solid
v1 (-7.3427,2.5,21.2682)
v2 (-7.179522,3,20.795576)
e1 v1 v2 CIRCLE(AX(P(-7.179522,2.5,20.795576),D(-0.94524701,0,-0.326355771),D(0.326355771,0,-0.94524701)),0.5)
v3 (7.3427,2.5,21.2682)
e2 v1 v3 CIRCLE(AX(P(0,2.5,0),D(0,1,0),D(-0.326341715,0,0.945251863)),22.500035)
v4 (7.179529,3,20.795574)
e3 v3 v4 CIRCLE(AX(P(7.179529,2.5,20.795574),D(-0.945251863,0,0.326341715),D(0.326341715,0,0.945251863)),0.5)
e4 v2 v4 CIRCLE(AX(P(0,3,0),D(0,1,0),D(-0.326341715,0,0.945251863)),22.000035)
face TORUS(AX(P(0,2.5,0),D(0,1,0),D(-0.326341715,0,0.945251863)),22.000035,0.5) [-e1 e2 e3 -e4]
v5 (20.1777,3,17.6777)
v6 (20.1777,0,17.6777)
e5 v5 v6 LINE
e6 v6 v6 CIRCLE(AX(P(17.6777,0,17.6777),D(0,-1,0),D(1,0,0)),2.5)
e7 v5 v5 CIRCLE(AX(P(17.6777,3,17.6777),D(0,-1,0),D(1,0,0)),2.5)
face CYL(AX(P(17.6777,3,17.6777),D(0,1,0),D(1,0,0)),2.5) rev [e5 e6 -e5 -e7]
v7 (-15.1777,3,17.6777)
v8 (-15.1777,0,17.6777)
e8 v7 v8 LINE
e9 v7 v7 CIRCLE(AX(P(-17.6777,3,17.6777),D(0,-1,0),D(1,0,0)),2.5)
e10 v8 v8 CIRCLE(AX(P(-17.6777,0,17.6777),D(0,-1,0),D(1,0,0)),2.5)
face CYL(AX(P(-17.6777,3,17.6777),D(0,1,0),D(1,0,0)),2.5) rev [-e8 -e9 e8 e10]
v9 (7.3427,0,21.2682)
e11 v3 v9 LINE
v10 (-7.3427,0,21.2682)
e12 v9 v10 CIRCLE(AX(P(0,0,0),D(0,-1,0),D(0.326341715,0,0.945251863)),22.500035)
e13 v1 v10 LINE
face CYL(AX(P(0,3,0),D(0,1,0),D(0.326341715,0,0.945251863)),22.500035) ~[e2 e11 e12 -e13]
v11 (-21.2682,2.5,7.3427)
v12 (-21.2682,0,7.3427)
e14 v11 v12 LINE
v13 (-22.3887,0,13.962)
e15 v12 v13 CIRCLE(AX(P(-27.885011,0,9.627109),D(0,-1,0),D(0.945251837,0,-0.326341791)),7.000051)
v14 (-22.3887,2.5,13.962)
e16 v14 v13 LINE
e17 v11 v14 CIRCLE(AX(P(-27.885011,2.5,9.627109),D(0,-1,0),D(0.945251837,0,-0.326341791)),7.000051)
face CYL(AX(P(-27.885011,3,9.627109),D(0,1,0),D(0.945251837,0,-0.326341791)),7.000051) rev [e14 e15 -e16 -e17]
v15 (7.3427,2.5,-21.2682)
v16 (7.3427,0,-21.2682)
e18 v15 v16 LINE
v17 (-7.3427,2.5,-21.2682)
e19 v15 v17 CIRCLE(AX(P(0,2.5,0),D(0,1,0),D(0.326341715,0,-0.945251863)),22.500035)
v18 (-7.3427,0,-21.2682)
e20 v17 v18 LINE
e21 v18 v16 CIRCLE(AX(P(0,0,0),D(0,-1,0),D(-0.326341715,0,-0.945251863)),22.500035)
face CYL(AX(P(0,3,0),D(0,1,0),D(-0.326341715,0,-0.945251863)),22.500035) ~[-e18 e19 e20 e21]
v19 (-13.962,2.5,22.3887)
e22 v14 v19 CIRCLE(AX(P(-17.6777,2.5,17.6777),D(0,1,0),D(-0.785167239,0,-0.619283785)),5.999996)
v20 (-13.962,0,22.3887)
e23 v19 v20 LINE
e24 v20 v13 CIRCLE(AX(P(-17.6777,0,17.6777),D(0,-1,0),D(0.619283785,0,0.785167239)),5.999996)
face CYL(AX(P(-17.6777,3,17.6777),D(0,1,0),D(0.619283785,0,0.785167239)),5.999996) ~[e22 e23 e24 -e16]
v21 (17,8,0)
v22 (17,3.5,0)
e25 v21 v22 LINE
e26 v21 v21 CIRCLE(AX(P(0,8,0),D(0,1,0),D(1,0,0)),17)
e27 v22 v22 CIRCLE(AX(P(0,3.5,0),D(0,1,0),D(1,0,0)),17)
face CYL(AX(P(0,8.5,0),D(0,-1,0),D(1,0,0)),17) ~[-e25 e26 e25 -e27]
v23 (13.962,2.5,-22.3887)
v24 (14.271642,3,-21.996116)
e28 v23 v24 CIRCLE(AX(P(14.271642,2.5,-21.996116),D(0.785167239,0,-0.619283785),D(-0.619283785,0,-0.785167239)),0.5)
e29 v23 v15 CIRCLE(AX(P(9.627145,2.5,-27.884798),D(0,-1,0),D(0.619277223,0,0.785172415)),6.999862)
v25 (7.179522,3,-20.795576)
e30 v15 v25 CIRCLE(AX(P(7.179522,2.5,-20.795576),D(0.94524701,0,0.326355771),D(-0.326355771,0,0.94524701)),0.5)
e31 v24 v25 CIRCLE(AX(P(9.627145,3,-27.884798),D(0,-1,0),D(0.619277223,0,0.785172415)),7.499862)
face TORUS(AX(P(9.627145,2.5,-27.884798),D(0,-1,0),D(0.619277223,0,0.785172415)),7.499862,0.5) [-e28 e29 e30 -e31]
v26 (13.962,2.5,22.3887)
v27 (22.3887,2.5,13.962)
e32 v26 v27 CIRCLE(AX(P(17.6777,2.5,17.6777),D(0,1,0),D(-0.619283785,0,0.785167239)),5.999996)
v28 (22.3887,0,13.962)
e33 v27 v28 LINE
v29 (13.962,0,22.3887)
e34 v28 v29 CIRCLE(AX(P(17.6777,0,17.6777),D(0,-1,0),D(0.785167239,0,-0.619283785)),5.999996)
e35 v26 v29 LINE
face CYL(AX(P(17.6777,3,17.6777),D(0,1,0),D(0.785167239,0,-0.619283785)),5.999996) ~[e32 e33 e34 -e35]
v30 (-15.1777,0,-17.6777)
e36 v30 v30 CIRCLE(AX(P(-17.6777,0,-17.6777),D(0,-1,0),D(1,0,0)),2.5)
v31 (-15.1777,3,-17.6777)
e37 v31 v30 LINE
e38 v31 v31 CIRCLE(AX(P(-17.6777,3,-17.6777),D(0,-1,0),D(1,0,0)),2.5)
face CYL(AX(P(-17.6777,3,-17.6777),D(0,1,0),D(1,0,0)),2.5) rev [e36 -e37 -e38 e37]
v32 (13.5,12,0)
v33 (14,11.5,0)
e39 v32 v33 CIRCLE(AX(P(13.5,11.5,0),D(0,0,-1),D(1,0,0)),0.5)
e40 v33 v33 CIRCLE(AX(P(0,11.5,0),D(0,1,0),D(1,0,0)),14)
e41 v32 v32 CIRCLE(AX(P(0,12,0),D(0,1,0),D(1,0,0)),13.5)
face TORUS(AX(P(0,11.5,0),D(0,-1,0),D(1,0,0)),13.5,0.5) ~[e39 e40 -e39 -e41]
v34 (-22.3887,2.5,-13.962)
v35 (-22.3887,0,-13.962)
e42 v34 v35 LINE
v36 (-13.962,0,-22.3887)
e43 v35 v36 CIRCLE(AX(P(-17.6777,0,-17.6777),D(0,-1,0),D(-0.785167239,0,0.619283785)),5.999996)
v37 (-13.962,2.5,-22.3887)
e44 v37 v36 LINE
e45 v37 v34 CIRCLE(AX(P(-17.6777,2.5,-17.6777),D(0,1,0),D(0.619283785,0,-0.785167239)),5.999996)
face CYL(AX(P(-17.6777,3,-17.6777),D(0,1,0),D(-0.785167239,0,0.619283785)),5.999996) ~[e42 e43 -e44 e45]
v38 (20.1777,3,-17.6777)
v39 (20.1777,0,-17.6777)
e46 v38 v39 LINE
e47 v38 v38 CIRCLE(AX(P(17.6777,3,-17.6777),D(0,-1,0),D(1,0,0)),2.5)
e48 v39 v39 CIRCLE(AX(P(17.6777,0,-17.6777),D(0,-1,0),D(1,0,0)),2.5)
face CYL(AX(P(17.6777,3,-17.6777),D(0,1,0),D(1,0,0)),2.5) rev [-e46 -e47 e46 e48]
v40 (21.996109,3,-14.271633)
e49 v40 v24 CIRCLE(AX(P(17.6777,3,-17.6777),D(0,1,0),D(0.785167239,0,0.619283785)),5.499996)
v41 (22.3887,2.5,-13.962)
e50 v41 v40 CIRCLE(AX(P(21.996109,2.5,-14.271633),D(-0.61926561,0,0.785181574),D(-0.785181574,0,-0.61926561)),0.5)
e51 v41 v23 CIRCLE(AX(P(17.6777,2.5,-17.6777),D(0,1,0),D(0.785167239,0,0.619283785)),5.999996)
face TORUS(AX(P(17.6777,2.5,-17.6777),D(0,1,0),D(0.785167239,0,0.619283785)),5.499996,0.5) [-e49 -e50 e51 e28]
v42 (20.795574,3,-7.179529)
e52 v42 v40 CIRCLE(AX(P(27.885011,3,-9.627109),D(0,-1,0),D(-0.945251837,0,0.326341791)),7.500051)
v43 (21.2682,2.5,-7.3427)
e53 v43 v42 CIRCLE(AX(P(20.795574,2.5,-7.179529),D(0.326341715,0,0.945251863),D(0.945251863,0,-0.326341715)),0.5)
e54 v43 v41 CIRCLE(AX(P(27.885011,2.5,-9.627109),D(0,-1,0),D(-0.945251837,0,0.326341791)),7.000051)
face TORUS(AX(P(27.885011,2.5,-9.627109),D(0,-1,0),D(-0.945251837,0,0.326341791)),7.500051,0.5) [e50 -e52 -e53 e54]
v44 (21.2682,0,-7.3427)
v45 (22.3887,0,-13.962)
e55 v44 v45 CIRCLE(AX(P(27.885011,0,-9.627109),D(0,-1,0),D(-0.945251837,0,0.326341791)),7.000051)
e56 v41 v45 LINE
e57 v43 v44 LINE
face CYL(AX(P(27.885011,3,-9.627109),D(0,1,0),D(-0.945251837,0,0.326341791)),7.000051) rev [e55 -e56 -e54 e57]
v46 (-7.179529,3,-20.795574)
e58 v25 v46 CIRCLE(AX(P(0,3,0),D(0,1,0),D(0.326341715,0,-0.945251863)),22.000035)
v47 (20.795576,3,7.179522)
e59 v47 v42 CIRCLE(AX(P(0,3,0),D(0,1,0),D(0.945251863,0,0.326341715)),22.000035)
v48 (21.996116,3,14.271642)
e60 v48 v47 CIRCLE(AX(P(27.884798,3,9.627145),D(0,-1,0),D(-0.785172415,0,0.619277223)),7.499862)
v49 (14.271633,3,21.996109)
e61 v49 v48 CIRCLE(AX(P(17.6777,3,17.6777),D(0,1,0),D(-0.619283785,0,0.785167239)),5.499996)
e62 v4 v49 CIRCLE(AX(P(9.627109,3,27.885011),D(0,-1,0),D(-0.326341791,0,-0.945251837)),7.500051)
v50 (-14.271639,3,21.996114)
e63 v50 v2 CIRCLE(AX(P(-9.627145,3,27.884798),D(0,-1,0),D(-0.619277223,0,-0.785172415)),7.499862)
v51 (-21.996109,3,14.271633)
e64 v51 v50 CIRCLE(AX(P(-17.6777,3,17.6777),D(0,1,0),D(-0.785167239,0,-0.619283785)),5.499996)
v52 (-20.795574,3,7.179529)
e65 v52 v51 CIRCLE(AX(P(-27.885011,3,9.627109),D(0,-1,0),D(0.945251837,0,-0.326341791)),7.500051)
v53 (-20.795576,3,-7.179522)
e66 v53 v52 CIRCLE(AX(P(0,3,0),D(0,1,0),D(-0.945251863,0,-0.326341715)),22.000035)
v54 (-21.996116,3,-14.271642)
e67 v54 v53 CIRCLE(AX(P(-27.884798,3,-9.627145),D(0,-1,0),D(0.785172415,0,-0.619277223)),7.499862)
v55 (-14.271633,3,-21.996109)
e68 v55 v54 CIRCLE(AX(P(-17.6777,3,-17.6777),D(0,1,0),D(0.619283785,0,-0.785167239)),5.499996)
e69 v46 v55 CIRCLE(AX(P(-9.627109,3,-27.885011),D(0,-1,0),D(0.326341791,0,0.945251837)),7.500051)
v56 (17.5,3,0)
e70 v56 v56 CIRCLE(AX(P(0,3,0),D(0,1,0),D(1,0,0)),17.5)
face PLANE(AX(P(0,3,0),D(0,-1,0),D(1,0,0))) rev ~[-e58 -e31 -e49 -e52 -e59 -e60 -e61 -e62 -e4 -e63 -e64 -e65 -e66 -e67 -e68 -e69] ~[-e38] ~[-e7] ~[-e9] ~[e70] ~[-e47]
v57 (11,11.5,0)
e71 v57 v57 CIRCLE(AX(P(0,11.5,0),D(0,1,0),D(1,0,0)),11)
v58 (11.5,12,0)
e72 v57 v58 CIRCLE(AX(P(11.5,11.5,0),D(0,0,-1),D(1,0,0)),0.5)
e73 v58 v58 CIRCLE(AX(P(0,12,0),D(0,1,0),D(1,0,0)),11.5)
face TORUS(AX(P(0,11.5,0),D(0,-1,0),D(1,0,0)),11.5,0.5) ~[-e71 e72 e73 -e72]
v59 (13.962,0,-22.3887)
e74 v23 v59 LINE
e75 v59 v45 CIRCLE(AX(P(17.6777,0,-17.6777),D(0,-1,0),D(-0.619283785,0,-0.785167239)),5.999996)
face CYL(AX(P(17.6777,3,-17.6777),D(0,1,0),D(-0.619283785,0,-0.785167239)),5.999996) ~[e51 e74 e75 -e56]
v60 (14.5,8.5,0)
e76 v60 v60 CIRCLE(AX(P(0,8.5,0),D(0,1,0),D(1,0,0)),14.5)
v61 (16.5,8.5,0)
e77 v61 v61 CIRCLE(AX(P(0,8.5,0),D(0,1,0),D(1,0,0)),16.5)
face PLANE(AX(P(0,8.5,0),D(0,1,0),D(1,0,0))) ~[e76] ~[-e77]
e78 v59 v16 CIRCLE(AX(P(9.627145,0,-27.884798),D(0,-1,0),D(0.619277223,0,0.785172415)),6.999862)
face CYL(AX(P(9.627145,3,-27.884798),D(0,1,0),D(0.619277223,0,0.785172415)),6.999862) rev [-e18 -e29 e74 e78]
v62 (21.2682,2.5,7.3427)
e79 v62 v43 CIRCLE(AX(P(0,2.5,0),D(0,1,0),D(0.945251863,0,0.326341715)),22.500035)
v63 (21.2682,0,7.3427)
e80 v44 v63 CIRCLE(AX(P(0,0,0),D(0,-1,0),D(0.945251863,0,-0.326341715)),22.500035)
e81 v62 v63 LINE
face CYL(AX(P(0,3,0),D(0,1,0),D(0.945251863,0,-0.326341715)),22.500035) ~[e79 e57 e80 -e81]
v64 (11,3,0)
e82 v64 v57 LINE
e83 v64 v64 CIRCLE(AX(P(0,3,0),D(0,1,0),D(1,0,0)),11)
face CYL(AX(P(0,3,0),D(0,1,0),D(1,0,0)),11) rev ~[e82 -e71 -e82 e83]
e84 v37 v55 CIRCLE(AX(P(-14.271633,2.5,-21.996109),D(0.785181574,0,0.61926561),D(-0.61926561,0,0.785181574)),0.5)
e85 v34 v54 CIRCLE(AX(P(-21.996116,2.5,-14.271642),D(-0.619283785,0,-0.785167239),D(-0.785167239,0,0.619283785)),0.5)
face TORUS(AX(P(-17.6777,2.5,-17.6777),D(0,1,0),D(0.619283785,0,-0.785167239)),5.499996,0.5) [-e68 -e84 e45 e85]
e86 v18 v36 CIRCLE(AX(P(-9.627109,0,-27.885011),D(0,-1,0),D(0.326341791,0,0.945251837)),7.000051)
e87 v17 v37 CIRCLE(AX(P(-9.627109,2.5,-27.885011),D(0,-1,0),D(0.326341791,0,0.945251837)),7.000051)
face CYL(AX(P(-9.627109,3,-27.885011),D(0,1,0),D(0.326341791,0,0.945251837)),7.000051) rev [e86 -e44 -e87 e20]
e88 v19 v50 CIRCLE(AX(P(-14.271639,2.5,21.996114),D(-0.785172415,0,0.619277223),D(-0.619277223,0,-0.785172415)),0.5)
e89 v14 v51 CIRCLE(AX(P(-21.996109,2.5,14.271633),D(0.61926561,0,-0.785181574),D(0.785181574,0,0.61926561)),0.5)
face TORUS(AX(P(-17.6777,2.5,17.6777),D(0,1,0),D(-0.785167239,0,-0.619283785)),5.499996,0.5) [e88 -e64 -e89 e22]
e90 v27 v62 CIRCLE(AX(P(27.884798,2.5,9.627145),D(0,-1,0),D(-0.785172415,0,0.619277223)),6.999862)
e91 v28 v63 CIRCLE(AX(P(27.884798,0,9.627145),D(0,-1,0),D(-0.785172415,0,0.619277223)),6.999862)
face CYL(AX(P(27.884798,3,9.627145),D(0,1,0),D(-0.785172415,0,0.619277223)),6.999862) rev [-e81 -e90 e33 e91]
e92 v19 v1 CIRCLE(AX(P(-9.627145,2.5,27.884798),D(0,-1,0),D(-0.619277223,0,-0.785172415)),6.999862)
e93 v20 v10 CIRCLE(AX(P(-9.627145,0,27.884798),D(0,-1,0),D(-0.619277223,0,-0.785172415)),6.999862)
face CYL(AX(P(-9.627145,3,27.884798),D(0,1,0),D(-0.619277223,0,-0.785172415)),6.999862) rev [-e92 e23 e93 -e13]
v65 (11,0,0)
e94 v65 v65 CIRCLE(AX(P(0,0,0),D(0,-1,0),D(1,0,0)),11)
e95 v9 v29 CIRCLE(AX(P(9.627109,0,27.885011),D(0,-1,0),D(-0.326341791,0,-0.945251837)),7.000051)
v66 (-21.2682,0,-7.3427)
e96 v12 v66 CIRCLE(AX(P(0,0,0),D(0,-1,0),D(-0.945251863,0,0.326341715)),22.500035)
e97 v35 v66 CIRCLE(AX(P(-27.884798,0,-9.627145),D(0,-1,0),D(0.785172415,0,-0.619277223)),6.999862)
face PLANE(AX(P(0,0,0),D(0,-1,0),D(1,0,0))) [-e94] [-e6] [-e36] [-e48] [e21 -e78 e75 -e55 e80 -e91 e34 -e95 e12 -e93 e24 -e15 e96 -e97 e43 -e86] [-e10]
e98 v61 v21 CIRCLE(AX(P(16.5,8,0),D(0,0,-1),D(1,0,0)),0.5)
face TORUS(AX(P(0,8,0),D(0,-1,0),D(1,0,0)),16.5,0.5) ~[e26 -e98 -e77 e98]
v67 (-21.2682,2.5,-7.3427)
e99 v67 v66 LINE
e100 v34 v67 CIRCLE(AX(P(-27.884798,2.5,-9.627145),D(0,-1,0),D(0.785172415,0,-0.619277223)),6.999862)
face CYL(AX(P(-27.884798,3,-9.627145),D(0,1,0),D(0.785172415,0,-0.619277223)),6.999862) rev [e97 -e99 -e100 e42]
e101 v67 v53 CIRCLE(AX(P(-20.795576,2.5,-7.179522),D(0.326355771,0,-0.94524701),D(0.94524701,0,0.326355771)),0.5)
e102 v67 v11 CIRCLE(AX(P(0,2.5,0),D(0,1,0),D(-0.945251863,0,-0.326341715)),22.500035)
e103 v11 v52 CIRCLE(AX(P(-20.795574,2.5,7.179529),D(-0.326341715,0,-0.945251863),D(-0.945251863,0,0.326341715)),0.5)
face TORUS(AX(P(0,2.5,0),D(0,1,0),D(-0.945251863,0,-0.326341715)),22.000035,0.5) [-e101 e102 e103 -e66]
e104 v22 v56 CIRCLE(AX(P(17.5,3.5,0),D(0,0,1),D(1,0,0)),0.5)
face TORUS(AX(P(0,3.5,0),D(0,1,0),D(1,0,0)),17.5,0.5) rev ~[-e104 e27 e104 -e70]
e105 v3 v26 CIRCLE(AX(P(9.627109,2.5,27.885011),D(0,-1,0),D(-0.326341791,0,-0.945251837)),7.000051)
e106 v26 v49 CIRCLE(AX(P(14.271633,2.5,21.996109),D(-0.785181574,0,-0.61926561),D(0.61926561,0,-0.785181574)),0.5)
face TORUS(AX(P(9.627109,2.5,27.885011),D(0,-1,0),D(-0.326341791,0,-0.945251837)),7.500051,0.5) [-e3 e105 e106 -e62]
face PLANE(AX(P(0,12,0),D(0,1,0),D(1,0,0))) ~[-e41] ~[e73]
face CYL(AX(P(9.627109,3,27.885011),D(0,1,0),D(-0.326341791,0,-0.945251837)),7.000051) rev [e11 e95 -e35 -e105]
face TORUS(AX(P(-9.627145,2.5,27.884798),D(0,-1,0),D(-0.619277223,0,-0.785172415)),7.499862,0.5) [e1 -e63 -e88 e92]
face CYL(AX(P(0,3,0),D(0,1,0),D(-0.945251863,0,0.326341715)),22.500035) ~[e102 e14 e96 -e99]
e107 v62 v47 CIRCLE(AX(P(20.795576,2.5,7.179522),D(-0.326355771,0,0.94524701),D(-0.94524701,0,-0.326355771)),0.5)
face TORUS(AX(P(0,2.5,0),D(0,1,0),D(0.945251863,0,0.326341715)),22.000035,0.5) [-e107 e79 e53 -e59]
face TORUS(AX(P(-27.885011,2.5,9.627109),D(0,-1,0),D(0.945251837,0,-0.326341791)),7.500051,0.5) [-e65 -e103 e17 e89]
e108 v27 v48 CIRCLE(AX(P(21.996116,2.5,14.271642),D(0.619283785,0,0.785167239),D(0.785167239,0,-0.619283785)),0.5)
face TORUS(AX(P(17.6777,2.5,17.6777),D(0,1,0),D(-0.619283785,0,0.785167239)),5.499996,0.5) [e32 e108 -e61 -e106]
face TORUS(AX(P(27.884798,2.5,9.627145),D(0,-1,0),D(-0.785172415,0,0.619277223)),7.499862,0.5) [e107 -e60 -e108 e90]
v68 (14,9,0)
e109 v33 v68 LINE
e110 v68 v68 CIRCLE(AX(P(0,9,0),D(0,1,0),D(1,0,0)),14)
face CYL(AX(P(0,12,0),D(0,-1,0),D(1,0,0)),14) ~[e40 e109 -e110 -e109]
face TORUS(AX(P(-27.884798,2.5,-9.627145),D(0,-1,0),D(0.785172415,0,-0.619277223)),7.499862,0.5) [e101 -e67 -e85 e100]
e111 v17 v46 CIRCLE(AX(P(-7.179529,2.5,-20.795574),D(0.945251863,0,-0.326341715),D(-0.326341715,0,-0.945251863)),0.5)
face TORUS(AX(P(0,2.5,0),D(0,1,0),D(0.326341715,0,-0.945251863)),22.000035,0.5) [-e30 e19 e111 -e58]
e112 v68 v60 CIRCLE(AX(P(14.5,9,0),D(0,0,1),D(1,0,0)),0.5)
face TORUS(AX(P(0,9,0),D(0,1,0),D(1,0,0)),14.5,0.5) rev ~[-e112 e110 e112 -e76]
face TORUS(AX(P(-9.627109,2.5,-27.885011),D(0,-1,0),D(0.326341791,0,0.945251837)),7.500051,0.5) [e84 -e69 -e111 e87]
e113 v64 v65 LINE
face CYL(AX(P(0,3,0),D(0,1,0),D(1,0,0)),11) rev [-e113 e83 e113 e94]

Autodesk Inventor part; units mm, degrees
ref_plane "YZ Plane" through (0, 0, 0) normal (1, 0, 0) x (0, 1, 0)
ref_plane "XZ Plane" through (0, 0, 0) normal (0, 1, 0) x (-1, 0, 0)
ref_plane "XY Plane" through (0, 0, 0) normal (0, 0, 1) x (1, 0, 0)
sketch "Sketch1" plane through (0, 0, 0) normal (0, 0, 1) x (1, 0, 0)
  line L0 (0, 0) -> (0, 12) construction
  line L1 (11, 3) -> (11, 12)
  line L2 (11, 12) -> (14, 12)
  line L3 (14, 12) -> (14, 8.5)
  line L4 (14, 8.5) -> (17, 8.5)
  line L5 (17, 8.5) -> (17, 3)
  line L6 (11, 3) -> (17, 3)
  dimension "d0" = 22
  dimension "d1" = 28
  dimension "d2" = 3.5
  dimension "d3" = 34
  dimension "d4" = 5.5
  dimension "d5" = 3
revolve "Revolution1" add sketch "Sketch1" angle 360 about axis through (0, 0, 0) along (0, 1, 0)
sketch "Sketch2" plane through (0, 3, 0) normal (0, -1, 0) x (1, 0, 0)
  circle A0 centre (0, 0) radius 17 projected
  circle A1 centre (0, 0) radius 11 projected
  circle A2 centre (17.6777, 17.6777) radius 2.5
  arc A3 (22.3887, 13.962) -> (13.962, 22.3887) centre (17.6777, 17.6777) ccw
  arc A4 (21.2682, -7.3427) -> (21.2682, 7.3427) centre (0, 0) ccw
  arc A5 (22.3887, 13.962) -> (21.2682, 7.3427) centre (27.8849, 9.6271) ccw
  arc A6 (7.3427, 21.2682) -> (13.962, 22.3887) centre (9.6271, 27.8849) ccw
  circle A7 centre (-17.6777, 17.6777) radius 2.5
  arc A8 (-13.962, 22.3887) -> (-22.3887, 13.962) centre (-17.6777, 17.6777) ccw
  arc A9 (7.3427, 21.2682) -> (-7.3427, 21.2682) centre (0, 0) ccw
  arc A10 (-13.962, 22.3887) -> (-7.3427, 21.2682) centre (-9.6271, 27.8849) ccw
  arc A11 (-21.2682, 7.3427) -> (-22.3887, 13.962) centre (-27.8849, 9.6271) ccw
  circle A12 centre (-17.6777, -17.6777) radius 2.5
  arc A13 (-22.3887, -13.962) -> (-13.962, -22.3887) centre (-17.6777, -17.6777) ccw
  arc A14 (-21.2682, 7.3427) -> (-21.2682, -7.3427) centre (0, 0) ccw
  arc A15 (-22.3887, -13.962) -> (-21.2682, -7.3427) centre (-27.8849, -9.6271) ccw
  arc A16 (-7.3427, -21.2682) -> (-13.962, -22.3887) centre (-9.6271, -27.8849) ccw
  circle A17 centre (17.6777, -17.6777) radius 2.5
  arc A18 (13.962, -22.3887) -> (22.3887, -13.962) centre (17.6777, -17.6777) ccw
  arc A19 (-7.3427, -21.2682) -> (7.3427, -21.2682) centre (0, 0) ccw
  arc A20 (13.962, -22.3887) -> (7.3427, -21.2682) centre (9.6271, -27.8849) ccw
  arc A21 (21.2682, -7.3427) -> (22.3887, -13.962) centre (27.8849, -9.6271) ccw
  circle A22 centre (0, 0) radius 25 construction
  point P0 (21.2682, -7.3427)
  point P1 (-7.3427, -21.2682)
  dimension "d7" = 5
  dimension "d8" = 6
  dimension "d9" = 7
  dimension "d10" = 22.5
  dimension "d13" = 360
extrude "Extrusion1" add sketch "Sketch2" along normal blind 3 contours A0 | A5 A4 A21 A18 A20 A19 A16 A13 A15 A14 A11 A8 A10 A9 A6 A3
fillet "Fillet1" radius 0.5 21 edges at (-10.7955, 3, 20.9831) (-21.9203, 3, 21.9203) (-20.9831, 3, 10.7955) (-22.5, 3, 0) (-20.9831, 3, -10.7955) (-21.9203, 3, -21.9203) (-10.7955, 3, -20.9831) (0, 3, -22.5) (10.7955, 3, -20.9831) (21.9203, 3, -21.9203) (20.9831, 3, -10.7955) (22.5, 3, 0) (20.9831, 3, 10.7955) (21.9203, 3, 21.9203) (10.7955, 3, 20.9831) (0, 3, 22.5) (-17, 8.5, 0) (-14, 12, 0) (-11, 12, 0) (-17, 3, 0) (-14, 8.5, 0)
properties part number "DP806"
